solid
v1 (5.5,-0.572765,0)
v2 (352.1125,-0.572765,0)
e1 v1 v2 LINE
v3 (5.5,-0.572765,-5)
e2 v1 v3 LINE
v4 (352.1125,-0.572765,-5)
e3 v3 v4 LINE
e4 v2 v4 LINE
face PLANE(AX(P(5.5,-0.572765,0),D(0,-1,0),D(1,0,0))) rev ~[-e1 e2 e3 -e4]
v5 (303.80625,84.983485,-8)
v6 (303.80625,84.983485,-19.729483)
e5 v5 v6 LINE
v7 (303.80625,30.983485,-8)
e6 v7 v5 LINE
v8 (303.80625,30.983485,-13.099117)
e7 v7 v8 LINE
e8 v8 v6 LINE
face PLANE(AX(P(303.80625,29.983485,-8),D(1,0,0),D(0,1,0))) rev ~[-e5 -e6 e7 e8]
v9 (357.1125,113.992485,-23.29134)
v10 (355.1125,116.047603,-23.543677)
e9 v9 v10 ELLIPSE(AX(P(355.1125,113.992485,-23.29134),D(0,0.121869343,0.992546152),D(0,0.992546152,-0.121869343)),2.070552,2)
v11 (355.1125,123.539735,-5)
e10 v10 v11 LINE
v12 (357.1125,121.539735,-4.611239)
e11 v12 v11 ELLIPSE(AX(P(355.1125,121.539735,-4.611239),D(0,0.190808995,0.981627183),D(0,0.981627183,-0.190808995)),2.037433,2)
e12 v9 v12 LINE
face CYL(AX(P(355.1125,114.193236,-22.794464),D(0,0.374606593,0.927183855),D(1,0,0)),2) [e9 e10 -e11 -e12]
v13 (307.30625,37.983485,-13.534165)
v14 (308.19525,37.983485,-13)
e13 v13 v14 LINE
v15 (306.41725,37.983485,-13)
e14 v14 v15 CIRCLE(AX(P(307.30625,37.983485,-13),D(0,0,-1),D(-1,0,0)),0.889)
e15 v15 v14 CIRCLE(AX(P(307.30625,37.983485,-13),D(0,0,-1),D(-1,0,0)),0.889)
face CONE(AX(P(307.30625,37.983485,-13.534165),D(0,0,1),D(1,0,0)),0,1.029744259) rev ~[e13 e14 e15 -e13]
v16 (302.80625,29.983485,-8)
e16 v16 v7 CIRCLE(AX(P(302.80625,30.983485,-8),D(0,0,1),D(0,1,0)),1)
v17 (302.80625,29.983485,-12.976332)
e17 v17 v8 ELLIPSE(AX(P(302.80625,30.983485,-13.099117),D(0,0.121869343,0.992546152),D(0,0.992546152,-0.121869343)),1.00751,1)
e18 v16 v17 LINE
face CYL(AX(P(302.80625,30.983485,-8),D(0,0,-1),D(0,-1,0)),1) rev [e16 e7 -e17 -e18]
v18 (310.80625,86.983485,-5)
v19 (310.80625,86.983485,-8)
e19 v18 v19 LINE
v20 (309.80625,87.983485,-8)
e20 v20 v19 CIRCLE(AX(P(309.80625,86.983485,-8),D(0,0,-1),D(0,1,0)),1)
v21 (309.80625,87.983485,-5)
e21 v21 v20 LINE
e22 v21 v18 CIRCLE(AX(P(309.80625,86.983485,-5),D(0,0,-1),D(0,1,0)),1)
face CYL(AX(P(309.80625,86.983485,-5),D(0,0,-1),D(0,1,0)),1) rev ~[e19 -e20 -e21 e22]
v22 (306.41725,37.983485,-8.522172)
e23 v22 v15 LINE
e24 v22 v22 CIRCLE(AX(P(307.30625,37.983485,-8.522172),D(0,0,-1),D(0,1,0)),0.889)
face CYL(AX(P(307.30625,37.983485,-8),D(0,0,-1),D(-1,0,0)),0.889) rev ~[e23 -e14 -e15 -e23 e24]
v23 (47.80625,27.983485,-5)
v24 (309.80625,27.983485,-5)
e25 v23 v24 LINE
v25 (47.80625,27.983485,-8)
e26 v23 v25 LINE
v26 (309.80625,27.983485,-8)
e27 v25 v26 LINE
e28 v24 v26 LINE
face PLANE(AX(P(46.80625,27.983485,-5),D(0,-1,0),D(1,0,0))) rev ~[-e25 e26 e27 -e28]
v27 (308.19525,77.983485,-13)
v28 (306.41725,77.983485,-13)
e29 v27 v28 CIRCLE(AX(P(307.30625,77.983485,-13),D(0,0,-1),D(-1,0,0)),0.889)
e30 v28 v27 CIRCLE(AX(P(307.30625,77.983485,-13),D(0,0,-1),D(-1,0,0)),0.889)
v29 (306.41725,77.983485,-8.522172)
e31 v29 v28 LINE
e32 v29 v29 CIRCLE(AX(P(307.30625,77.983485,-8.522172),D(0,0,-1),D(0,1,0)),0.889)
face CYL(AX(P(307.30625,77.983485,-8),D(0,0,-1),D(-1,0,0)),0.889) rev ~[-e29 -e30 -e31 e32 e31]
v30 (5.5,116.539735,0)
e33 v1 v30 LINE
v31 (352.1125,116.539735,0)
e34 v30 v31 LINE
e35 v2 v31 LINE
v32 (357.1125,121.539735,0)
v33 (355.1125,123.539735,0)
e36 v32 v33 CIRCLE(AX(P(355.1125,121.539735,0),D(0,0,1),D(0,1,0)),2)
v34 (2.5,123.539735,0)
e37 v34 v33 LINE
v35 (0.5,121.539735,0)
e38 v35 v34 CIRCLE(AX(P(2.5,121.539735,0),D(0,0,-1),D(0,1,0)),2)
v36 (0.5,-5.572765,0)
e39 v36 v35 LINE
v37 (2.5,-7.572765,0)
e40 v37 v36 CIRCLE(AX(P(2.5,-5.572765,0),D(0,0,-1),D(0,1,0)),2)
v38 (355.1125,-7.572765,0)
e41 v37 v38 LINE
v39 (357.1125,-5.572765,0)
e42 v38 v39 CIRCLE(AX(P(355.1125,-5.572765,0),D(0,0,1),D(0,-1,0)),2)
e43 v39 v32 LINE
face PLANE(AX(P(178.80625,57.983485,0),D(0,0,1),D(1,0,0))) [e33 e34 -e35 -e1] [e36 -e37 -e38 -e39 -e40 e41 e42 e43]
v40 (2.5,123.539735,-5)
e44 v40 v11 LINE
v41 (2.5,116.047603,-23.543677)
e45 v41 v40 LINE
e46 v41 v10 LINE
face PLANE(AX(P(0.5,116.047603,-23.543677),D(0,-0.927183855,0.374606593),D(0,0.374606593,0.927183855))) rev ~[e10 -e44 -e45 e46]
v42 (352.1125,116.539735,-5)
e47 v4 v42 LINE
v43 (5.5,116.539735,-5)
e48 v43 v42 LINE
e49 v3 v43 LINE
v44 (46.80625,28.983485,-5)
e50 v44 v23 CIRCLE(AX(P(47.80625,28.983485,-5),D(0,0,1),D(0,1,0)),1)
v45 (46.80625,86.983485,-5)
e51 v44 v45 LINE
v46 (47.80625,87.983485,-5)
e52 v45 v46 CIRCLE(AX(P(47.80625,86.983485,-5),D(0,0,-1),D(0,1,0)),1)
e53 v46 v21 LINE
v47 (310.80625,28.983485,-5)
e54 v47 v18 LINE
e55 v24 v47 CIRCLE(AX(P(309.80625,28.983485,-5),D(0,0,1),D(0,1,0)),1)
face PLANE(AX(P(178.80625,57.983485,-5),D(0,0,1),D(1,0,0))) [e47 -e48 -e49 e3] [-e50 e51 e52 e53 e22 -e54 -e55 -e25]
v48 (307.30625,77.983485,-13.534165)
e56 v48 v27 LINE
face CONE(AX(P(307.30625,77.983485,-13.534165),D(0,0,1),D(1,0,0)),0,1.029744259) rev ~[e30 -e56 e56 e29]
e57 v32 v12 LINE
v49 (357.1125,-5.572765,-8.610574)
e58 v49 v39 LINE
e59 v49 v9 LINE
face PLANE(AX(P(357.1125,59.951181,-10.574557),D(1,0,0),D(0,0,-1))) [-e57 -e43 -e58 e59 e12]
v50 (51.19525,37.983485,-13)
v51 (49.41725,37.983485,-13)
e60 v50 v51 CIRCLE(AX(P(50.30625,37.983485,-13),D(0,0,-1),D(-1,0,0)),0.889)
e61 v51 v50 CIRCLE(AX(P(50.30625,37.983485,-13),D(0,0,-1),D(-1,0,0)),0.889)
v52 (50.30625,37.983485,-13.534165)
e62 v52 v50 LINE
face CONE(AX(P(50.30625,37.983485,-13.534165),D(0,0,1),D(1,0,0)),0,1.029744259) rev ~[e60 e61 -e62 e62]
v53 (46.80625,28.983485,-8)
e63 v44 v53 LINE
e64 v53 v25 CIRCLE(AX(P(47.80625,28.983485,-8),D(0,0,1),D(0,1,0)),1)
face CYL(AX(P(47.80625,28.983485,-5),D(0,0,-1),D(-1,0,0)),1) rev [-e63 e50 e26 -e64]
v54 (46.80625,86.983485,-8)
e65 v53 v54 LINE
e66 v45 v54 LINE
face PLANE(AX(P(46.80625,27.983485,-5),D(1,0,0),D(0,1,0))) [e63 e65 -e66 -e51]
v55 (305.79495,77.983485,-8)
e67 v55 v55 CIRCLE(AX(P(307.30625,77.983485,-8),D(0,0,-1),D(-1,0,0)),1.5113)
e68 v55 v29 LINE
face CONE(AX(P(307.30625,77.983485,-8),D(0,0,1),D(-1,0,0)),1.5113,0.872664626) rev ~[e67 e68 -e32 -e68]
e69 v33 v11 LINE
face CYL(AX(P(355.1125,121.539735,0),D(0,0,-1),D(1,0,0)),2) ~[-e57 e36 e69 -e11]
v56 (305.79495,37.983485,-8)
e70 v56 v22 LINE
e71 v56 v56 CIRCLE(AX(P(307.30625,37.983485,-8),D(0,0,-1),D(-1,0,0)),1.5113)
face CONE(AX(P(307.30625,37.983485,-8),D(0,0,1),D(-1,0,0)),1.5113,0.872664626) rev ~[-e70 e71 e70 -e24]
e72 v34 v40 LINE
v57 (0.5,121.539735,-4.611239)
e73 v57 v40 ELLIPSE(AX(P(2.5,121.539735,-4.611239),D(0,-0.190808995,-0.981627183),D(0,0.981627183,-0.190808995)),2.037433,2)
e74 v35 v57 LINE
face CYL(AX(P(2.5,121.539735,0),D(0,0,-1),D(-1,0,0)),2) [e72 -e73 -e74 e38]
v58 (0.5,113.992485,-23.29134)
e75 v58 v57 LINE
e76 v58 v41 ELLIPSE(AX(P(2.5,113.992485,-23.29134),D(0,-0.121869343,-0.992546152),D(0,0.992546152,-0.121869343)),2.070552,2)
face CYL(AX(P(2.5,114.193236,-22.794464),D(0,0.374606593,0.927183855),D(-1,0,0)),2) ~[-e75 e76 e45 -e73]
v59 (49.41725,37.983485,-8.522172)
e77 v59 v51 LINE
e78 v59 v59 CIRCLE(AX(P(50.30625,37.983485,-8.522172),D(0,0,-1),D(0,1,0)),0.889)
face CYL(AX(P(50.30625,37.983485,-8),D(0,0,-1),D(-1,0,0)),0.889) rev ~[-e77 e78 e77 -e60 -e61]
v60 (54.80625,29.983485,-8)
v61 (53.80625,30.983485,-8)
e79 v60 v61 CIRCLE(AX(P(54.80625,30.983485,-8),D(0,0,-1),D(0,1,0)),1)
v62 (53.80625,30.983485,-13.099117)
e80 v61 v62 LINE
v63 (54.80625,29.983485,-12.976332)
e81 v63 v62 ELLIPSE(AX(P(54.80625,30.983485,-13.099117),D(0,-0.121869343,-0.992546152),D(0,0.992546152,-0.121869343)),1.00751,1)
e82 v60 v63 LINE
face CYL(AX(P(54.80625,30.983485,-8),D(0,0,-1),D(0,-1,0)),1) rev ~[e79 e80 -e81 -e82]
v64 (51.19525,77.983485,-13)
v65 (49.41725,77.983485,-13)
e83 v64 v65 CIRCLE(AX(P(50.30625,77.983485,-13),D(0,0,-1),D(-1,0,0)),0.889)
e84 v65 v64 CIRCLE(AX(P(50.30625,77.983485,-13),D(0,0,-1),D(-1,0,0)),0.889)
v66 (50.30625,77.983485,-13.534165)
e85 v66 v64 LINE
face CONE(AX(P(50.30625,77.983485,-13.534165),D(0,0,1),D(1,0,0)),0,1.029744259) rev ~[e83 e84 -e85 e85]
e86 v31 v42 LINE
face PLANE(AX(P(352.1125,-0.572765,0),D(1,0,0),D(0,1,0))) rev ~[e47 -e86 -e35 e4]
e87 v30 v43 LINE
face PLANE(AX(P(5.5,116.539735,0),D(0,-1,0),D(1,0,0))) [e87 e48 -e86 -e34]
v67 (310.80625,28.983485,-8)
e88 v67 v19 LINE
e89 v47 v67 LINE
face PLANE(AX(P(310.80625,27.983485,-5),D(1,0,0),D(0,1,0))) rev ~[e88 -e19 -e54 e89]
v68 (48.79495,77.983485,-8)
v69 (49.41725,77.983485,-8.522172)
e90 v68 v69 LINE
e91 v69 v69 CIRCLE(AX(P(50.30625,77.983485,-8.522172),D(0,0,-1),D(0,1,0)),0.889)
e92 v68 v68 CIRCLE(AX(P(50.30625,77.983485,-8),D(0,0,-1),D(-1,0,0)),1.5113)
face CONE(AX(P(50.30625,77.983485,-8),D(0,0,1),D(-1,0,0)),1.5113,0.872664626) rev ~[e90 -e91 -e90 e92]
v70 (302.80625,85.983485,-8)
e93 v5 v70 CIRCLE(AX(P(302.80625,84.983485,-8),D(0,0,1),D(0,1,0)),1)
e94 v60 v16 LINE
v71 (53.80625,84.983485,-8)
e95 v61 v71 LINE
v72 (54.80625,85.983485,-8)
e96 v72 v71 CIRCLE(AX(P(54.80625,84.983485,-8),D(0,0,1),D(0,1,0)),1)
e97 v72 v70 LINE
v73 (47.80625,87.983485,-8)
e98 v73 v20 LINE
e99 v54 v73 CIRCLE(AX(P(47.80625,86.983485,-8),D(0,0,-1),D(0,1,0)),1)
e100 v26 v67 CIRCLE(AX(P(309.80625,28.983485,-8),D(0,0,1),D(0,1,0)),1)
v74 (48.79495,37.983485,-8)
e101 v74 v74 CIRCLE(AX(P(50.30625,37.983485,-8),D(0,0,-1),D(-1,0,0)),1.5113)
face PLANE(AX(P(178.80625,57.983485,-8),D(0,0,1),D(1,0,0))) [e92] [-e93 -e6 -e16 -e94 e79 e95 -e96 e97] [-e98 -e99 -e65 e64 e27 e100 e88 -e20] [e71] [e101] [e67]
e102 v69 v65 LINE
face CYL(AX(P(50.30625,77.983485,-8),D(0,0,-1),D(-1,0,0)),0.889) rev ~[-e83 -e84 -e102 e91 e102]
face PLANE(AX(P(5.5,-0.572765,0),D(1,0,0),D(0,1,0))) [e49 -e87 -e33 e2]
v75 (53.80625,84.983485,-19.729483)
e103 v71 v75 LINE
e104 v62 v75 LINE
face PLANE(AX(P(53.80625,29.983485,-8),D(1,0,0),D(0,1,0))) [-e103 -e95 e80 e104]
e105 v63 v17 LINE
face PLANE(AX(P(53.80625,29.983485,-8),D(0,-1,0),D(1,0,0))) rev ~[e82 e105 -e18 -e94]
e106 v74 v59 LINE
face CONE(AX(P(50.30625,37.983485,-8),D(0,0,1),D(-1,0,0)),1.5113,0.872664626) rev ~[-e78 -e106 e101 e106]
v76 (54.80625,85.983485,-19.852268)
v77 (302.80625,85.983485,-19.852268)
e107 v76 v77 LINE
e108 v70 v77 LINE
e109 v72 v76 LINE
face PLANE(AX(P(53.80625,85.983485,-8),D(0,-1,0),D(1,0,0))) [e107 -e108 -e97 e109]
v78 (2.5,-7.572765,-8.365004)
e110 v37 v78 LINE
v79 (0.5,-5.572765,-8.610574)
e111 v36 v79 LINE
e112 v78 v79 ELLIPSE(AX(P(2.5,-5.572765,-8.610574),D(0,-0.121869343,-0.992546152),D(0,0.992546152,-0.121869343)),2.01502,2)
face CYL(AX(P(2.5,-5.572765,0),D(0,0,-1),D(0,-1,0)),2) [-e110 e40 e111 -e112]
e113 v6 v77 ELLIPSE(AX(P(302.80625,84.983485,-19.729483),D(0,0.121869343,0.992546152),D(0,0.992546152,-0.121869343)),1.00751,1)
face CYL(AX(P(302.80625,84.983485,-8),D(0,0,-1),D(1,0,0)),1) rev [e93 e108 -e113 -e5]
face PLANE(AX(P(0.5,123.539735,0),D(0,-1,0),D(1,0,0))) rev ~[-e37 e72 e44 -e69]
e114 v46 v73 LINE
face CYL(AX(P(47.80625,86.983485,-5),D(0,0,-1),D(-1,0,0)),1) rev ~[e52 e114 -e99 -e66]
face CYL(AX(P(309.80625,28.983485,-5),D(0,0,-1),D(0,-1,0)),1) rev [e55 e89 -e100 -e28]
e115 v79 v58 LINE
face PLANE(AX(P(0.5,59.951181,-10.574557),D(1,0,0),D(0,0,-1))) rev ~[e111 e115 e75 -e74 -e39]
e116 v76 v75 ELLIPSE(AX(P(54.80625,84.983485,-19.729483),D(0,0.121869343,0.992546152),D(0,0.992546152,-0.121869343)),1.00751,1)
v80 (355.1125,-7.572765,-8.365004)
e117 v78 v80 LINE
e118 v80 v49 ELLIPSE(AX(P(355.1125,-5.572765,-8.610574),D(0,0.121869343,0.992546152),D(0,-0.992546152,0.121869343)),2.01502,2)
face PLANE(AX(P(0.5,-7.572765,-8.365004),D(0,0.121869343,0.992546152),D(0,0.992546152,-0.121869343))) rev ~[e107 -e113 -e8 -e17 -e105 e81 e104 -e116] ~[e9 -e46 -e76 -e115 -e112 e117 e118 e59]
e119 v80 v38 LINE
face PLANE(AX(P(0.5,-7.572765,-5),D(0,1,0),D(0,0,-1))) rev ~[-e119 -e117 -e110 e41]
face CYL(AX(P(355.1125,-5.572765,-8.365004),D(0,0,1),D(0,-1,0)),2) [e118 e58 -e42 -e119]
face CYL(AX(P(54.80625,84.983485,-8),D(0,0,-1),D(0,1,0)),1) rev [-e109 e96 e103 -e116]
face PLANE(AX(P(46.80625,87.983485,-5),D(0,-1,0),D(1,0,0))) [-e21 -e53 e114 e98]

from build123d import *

# Parameters (mm, degrees)
SKETCH3_W                                         = 356.6125
SKETCH3_H                                         = 131.1125
BOSS_EXTRUDE1_DEPTH                               = 5
BOSS_EXTRUDE2_DEPTH                               = 356.6125
SKETCH5_W                                         = 346.6125
SKETCH5_H                                         = 117.1125
CUT_EXTRUDE1_DEPTH                                = 5
SKETCH6_W                                         = 264
SKETCH6_H                                         = 60
CUT_EXTRUDE2_DEPTH                                = 3
SKETCH7_W                                         = 250
SKETCH7_H                                         = 56
CUT_EXTRUDE3_DEPTH                                = 43
FILLET1_R                                         = 1
CSK_FOR_0_FLAT_HEAD_MACHINE_SCREW_100_D           = 1.778
CSK_FOR_0_FLAT_HEAD_MACHINE_SCREW_100_DEPTH       = 5
CSK_FOR_0_FLAT_HEAD_MACHINE_SCREW_100_CSINK_D     = 3.0226
CSK_FOR_0_FLAT_HEAD_MACHINE_SCREW_100_CSINK_ANGLE = 100
CSK_FOR_0_FLAT_HEAD_MACHINE_SCREW_100_TIP         = 0.53416509
CSK_FOR_0_FLAT_HEAD_MACHINE_SCREW_2_D             = 1.778
CSK_FOR_0_FLAT_HEAD_MACHINE_SCREW_2_DEPTH         = 5
CSK_FOR_0_FLAT_HEAD_MACHINE_SCREW_2_CSINK_D       = 3.0226
CSK_FOR_0_FLAT_HEAD_MACHINE_SCREW_2_CSINK_ANGLE   = 100
CSK_FOR_0_FLAT_HEAD_MACHINE_SCREW_2_TIP           = 0.53416509
FILLET2_R                                         = 2


with BuildPart() as part:
    # Sketch3 → Boss-Extrude1 (new body)
    with BuildSketch(Plane.XY):
        with Locations((178.80625, 57.983485256)):
            Rectangle(SKETCH3_W, SKETCH3_H)
    extrude(amount=-BOSS_EXTRUDE1_DEPTH)

    # Sketch4 → Boss-Extrude2 (add)
    with BuildSketch(Plane.ZY.offset(-0.5)):
        Polygon((-5, -7.572764744), (-8.365004472, -7.572764744), (-23.543677091, 116.047603388), (-5, 123.539735256), align=None)
    extrude(amount=-BOSS_EXTRUDE2_DEPTH)

    # Sketch5 → Cut-Extrude1 (cut)
    with BuildSketch(Plane.XY):
        with Locations((178.80625, 57.983485256)):
            Rectangle(SKETCH5_W, SKETCH5_H)
    extrude(amount=-CUT_EXTRUDE1_DEPTH, mode=Mode.SUBTRACT)

    # Sketch6 → Cut-Extrude2 (cut)
    with BuildSketch(Plane.XY.offset(-5)):
        with Locations((178.80625, 57.983485256)):
            Rectangle(SKETCH6_W, SKETCH6_H)
    extrude(amount=-CUT_EXTRUDE2_DEPTH, mode=Mode.SUBTRACT)

    # Sketch7 → Cut-Extrude3 (cut)
    with BuildSketch(Plane.XY.offset(-8)):
        with Locations((178.80625, 57.983485256)):
            Rectangle(SKETCH7_W, SKETCH7_H)
    extrude(amount=-CUT_EXTRUDE3_DEPTH, mode=Mode.SUBTRACT)

    # Fillet1
    fillet1_edges = [part.edges().sort_by_distance(p)[0] for p in [
        (46.80625, 27.983485256, -6.5),
        (46.80625, 87.983485256, -6.5),
        (310.80625, 87.983485256, -6.5),
        (310.80625, 27.983485256, -6.5),
        (53.80625, 29.983485256, -10.488166069),
        (53.80625, 85.983485256, -13.926133774),
        (303.80625, 85.983485256, -13.926133774),
        (303.80625, 29.983485256, -10.488166069),
    ]]
    fillet(fillet1_edges, radius=FILLET1_R)

    # CSK for _0 Flat Head Machine Screw _100
    with Locations(Plane.XY.offset(-8)):
        with Locations((50.30625, 77.983485256), (50.30625, 37.983485256)):
            CounterSinkHole(CSK_FOR_0_FLAT_HEAD_MACHINE_SCREW_100_D / 2, CSK_FOR_0_FLAT_HEAD_MACHINE_SCREW_100_CSINK_D / 2, depth=CSK_FOR_0_FLAT_HEAD_MACHINE_SCREW_100_DEPTH, counter_sink_angle=CSK_FOR_0_FLAT_HEAD_MACHINE_SCREW_100_CSINK_ANGLE)
            with Locations((0, 0, -(CSK_FOR_0_FLAT_HEAD_MACHINE_SCREW_100_DEPTH + CSK_FOR_0_FLAT_HEAD_MACHINE_SCREW_100_TIP / 2))):  # 118° drill point
                Cone(0, CSK_FOR_0_FLAT_HEAD_MACHINE_SCREW_100_D / 2, CSK_FOR_0_FLAT_HEAD_MACHINE_SCREW_100_TIP, mode=Mode.SUBTRACT)

    # CSK for _0 Flat Head Machine Screw _ 2
    with Locations(Plane.XY.offset(-8)):
        with Locations((307.30625, 77.983485256), (307.30625, 37.983485256)):
            CounterSinkHole(CSK_FOR_0_FLAT_HEAD_MACHINE_SCREW_2_D / 2, CSK_FOR_0_FLAT_HEAD_MACHINE_SCREW_2_CSINK_D / 2, depth=CSK_FOR_0_FLAT_HEAD_MACHINE_SCREW_2_DEPTH, counter_sink_angle=CSK_FOR_0_FLAT_HEAD_MACHINE_SCREW_2_CSINK_ANGLE)
            with Locations((0, 0, -(CSK_FOR_0_FLAT_HEAD_MACHINE_SCREW_2_DEPTH + CSK_FOR_0_FLAT_HEAD_MACHINE_SCREW_2_TIP / 2))):  # 118° drill point
                Cone(0, CSK_FOR_0_FLAT_HEAD_MACHINE_SCREW_2_D / 2, CSK_FOR_0_FLAT_HEAD_MACHINE_SCREW_2_TIP, mode=Mode.SUBTRACT)

    # Fillet2
    fillet2_edges = [part.edges().sort_by_distance(p)[0] for p in [
        (0.5, 119.793669322, -14.271838546),
        (357.1125, 119.793669322, -14.271838546),
        (357.1125, -7.572764744, -4.182502236),
        (0.5, -7.572764744, -4.182502236),
        (0.5, 123.539735256, -2.5),
        (357.1125, 123.539735256, -2.5),
    ]]
    fillet(fillet2_edges, radius=FILLET2_R)


solid = part.part
